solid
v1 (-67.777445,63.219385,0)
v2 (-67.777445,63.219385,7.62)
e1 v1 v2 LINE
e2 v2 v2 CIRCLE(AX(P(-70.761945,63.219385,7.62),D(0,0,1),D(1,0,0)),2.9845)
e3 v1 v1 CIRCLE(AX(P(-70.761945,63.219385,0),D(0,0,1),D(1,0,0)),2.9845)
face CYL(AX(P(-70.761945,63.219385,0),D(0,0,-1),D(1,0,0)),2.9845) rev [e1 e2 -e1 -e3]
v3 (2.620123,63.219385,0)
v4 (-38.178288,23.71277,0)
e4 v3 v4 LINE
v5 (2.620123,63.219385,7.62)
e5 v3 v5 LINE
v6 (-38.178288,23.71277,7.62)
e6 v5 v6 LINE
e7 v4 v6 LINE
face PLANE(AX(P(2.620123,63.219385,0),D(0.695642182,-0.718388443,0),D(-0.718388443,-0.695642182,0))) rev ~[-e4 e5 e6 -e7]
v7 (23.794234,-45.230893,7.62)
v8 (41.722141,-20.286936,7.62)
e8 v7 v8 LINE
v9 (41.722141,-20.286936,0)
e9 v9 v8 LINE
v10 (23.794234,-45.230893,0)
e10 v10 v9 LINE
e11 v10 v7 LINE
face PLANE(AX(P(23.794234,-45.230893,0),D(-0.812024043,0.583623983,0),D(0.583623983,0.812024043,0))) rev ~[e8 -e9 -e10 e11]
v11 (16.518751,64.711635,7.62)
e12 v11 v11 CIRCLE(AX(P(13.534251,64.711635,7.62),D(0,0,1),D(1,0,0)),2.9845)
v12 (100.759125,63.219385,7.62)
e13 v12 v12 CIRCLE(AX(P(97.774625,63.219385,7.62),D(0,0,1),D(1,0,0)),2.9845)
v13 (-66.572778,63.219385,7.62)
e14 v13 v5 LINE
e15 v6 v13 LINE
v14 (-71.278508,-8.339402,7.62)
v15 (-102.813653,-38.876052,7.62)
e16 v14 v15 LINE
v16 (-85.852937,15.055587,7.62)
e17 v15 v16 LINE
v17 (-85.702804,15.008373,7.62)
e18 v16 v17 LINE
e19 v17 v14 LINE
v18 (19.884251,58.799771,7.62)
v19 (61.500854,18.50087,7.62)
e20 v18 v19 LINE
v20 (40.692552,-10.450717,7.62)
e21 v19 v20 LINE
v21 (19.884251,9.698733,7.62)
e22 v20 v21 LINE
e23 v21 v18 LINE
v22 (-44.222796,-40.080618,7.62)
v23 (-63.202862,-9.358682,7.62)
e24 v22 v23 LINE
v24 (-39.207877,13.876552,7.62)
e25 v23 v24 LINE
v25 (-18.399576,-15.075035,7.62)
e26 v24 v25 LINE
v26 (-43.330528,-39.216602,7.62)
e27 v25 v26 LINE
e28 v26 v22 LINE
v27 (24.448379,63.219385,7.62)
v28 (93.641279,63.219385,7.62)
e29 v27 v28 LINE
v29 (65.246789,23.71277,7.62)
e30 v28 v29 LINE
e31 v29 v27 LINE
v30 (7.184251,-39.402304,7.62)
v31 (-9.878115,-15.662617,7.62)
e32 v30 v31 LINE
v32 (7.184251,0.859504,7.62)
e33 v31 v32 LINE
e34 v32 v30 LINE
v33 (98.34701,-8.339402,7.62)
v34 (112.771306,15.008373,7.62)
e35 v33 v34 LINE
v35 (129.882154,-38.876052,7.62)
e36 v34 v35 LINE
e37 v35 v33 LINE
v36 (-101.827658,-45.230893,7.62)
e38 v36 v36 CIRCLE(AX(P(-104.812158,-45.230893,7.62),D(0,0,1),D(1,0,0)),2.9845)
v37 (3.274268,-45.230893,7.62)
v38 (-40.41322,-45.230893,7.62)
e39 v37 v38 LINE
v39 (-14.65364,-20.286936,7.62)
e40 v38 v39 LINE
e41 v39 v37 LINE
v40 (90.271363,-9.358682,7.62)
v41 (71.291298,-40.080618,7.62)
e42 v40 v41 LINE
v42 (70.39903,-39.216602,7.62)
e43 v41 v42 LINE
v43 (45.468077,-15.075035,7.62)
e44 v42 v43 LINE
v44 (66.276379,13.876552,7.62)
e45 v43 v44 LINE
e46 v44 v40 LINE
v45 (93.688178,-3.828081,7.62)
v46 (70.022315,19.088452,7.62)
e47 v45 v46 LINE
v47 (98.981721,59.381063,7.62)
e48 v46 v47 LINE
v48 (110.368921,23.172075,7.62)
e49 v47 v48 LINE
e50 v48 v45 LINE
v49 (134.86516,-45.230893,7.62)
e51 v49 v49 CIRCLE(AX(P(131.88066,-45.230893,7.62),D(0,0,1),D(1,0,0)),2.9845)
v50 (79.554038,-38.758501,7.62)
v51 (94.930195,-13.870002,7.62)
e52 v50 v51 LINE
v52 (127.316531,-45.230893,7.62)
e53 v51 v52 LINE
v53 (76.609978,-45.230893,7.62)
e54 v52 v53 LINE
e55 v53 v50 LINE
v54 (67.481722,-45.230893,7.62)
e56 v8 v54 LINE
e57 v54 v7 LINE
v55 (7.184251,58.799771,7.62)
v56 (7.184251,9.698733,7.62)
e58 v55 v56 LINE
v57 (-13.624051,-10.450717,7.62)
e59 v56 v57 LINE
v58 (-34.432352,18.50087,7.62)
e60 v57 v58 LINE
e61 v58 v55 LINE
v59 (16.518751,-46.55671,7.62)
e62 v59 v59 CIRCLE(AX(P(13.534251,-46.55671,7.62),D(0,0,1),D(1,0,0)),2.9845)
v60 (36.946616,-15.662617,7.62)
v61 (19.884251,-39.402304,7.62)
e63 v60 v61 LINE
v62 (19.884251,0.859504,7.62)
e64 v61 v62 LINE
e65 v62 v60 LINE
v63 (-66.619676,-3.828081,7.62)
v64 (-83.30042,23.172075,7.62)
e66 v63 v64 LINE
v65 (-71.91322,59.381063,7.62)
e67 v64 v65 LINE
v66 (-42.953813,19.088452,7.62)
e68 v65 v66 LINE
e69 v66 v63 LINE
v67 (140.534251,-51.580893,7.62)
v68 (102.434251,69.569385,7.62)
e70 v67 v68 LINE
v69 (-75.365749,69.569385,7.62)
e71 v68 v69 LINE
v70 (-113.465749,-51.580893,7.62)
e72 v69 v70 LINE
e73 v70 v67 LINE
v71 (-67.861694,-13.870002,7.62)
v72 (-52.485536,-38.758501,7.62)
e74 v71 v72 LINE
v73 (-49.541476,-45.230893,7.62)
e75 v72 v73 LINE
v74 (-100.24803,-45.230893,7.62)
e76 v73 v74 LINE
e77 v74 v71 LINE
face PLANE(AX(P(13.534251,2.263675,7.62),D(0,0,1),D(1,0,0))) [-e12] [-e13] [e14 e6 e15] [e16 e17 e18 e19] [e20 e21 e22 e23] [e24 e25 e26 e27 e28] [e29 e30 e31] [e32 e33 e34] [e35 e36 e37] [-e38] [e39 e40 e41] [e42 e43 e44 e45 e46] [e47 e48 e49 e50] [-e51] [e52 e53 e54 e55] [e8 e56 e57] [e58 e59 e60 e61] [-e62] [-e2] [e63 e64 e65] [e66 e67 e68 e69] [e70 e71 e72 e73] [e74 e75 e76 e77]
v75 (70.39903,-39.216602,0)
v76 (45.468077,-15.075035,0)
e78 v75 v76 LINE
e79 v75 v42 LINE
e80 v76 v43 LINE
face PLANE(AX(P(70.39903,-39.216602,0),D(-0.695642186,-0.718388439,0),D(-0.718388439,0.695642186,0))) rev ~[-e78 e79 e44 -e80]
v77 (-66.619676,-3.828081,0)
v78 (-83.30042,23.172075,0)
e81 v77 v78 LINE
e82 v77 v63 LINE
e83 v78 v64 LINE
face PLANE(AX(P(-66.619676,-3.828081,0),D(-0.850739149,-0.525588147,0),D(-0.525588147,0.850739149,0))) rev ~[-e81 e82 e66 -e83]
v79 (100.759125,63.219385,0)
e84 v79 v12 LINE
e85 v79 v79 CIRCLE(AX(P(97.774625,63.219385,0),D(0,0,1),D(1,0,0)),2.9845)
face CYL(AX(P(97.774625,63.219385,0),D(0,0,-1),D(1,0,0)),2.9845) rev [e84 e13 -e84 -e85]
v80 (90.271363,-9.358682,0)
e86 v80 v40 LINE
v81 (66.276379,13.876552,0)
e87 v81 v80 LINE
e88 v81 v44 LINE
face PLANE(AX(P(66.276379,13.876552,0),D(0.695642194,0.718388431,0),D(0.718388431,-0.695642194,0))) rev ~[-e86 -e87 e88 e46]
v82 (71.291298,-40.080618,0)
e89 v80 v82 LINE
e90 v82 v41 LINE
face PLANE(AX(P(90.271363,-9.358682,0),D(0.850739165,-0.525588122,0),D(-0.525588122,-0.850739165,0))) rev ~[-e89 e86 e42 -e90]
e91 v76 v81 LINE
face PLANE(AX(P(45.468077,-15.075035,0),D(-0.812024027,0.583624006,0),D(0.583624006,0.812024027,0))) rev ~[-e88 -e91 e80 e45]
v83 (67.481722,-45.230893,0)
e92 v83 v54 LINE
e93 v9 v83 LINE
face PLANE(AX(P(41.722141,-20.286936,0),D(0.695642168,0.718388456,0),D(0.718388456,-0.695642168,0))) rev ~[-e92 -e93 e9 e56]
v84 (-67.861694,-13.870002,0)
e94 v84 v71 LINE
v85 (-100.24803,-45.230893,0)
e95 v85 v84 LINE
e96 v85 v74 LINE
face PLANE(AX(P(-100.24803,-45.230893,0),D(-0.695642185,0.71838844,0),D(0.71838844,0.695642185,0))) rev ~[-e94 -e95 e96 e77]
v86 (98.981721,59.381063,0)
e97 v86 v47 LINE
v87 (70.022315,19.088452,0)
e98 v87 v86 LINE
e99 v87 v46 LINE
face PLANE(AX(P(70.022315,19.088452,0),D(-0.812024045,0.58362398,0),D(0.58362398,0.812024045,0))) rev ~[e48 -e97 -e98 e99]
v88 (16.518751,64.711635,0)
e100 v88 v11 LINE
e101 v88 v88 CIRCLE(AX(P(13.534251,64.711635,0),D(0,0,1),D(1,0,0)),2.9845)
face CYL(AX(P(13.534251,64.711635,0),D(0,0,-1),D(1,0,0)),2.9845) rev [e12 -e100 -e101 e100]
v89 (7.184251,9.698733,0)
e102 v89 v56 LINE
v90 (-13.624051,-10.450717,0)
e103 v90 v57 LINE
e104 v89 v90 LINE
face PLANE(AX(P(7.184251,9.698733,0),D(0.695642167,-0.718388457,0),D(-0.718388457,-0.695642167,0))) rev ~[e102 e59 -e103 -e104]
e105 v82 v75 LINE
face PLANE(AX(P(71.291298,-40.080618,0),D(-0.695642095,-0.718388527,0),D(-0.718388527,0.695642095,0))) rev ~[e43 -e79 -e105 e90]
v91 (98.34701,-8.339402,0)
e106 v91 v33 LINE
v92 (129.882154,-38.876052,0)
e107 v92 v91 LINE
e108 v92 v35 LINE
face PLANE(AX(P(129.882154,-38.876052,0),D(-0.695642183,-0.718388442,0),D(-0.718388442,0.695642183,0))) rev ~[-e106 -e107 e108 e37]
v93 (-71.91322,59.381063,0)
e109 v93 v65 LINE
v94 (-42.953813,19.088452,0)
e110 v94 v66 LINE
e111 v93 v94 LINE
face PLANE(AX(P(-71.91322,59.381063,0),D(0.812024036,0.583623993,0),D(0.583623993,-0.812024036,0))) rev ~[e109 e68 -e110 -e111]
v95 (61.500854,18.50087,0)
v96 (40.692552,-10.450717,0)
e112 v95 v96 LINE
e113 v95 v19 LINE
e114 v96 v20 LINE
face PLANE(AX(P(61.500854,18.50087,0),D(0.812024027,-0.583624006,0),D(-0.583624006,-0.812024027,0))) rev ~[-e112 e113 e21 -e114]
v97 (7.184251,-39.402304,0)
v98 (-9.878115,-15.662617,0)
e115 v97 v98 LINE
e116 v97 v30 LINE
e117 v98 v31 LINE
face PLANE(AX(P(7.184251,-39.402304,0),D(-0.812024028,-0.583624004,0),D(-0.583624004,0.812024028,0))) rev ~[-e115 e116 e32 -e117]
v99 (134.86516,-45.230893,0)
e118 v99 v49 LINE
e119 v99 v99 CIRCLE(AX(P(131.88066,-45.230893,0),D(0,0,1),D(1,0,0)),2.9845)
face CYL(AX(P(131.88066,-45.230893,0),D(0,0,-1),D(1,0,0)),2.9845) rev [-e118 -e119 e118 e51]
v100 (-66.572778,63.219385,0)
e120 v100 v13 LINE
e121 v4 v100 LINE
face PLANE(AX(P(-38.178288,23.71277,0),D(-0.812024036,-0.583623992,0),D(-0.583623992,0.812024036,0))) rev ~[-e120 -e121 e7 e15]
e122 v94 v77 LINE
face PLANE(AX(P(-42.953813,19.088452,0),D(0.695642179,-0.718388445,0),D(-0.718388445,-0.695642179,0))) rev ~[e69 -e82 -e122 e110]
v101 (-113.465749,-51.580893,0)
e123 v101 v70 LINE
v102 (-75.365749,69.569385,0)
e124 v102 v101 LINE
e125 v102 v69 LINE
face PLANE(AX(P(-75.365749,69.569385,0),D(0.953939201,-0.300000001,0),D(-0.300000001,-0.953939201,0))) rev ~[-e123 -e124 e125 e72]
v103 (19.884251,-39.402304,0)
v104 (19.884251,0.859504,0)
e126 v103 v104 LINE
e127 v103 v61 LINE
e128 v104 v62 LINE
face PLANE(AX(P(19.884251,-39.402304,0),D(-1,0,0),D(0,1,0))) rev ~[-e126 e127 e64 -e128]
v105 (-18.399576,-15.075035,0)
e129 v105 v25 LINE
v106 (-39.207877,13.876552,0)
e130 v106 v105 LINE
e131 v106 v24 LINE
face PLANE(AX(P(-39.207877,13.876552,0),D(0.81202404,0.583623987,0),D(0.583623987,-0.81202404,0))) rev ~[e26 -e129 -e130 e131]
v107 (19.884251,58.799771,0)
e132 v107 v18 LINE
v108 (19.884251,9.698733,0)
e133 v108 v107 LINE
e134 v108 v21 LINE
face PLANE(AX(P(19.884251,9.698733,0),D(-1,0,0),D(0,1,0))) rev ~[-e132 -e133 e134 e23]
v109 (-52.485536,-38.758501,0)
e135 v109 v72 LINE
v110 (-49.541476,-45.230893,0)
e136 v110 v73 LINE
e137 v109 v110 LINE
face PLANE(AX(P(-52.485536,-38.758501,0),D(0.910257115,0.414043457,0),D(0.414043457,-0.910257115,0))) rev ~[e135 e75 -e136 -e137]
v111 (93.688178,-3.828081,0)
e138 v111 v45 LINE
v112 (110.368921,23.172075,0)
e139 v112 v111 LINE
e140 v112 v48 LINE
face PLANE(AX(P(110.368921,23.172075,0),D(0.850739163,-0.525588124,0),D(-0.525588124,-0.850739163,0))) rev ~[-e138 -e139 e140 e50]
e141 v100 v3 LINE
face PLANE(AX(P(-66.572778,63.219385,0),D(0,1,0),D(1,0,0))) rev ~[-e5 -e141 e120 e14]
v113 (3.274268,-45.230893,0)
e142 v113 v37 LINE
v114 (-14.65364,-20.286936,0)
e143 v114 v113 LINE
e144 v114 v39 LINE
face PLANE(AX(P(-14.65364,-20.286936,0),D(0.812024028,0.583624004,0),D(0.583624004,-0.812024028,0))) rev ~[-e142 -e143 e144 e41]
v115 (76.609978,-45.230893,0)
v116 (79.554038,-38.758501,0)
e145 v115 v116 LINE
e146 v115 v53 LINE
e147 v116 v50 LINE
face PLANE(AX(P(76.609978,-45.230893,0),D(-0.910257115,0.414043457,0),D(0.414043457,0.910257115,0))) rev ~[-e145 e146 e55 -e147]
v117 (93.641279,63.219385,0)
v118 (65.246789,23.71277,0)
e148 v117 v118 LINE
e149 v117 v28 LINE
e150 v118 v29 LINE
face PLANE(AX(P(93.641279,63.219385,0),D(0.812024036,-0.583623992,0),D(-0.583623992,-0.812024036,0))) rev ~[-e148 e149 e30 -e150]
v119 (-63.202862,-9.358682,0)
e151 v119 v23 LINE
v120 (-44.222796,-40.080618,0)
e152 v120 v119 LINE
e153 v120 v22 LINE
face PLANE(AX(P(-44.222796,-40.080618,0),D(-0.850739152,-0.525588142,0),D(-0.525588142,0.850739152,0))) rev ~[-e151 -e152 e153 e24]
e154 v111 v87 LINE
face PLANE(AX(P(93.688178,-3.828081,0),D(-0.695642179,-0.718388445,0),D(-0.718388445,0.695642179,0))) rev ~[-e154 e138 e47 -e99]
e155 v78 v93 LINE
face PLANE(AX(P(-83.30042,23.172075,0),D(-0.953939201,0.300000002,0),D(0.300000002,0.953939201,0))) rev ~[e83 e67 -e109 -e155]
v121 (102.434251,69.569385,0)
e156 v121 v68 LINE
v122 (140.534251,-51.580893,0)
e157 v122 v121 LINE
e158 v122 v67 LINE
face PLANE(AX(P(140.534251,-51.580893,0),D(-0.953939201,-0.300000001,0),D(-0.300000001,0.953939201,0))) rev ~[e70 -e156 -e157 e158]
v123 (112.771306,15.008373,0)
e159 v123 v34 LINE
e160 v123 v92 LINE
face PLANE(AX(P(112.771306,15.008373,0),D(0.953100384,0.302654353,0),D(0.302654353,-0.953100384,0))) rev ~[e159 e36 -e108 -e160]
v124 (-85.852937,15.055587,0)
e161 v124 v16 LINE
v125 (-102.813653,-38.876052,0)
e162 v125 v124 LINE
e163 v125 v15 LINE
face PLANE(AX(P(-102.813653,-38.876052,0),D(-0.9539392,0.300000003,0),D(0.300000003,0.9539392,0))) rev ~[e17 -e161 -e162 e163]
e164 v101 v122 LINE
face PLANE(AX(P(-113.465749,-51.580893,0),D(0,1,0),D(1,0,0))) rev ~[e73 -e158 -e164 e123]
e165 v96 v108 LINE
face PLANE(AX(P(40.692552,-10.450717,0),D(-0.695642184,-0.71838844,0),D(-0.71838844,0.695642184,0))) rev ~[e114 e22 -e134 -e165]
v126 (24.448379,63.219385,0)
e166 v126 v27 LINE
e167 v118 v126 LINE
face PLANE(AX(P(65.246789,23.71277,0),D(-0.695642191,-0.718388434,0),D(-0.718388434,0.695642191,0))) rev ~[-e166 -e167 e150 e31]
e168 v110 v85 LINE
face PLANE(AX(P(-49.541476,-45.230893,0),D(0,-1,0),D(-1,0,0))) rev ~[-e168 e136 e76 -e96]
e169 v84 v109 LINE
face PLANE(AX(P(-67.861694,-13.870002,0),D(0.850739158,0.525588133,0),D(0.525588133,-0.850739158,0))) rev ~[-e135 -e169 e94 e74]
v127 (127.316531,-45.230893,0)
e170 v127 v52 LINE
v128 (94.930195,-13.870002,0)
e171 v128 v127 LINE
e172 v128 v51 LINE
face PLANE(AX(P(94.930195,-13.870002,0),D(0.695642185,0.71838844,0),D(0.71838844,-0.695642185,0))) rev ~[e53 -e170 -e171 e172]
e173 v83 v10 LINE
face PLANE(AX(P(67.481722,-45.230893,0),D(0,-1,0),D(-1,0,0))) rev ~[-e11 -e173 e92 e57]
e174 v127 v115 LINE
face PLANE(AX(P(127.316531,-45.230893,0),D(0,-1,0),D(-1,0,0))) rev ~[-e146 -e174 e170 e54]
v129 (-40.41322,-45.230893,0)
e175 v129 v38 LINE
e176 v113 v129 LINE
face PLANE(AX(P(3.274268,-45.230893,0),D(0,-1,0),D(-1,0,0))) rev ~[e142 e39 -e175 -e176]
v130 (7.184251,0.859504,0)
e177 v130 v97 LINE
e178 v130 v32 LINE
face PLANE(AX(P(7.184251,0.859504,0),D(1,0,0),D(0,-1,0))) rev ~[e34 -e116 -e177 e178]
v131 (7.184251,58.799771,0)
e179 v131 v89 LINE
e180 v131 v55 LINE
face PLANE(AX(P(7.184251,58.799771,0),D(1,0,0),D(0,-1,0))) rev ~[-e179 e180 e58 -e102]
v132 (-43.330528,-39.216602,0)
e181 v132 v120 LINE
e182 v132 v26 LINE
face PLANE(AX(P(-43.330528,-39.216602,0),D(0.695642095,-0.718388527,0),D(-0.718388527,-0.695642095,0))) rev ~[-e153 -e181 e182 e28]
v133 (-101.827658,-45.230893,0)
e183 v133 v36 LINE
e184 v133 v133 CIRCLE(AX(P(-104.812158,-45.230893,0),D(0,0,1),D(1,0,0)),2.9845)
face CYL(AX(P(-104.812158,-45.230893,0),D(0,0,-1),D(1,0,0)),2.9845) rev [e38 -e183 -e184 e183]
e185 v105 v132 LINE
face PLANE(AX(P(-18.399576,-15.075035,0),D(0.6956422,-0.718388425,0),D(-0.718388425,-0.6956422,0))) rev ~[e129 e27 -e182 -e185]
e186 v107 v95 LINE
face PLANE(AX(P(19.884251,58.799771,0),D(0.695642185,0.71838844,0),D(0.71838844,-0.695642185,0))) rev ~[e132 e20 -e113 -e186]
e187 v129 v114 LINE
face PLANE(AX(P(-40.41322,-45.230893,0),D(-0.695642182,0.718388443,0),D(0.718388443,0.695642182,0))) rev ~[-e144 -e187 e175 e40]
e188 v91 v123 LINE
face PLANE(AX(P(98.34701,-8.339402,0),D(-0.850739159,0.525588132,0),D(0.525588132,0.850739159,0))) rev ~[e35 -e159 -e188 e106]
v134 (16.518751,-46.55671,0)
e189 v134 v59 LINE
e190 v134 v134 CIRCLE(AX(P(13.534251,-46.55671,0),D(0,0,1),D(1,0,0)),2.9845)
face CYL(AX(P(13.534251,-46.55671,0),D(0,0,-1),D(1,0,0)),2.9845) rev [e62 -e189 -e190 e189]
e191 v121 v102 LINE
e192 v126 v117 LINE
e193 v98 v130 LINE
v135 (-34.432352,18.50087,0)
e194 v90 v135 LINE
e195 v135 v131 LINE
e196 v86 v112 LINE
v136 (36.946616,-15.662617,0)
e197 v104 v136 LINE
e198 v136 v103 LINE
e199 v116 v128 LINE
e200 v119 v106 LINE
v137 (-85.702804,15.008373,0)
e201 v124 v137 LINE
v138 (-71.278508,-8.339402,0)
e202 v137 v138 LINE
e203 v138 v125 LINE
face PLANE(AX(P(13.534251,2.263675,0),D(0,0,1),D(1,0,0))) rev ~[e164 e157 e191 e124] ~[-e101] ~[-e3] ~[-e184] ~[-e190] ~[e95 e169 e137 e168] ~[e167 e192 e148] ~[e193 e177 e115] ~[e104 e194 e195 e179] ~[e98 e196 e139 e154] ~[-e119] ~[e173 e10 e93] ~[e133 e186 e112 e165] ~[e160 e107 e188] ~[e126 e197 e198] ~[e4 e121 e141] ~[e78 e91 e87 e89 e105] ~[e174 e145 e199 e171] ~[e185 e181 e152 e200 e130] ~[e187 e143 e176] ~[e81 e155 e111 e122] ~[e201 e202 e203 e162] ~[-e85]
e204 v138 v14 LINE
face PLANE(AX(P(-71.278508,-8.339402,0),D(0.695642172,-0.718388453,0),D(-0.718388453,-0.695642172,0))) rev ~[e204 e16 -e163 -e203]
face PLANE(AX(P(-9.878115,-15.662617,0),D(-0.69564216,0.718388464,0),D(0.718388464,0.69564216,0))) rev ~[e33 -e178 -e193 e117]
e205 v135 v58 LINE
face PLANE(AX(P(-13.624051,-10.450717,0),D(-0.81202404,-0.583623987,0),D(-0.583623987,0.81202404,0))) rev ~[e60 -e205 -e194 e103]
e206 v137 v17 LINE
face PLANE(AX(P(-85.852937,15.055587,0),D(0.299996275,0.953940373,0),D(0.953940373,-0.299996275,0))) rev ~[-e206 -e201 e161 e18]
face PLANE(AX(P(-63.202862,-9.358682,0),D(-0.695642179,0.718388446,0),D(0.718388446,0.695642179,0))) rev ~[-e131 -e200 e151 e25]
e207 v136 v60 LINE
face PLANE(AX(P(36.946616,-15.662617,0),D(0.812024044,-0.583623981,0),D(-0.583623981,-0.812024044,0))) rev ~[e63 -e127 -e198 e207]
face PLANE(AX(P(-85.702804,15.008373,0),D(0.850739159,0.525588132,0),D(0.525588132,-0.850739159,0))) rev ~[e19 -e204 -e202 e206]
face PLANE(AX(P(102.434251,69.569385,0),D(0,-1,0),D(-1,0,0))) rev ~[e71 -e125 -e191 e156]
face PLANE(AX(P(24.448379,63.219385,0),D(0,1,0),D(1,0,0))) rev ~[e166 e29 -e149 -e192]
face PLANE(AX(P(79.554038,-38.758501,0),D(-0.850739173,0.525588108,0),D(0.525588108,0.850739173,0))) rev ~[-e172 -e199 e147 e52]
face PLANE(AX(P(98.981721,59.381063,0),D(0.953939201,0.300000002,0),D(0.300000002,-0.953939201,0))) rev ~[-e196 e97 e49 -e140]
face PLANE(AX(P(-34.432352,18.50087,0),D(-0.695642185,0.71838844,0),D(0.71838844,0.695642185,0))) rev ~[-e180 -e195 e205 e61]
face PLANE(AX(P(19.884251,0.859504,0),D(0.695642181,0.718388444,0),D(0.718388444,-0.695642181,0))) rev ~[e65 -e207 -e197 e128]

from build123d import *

# Parameters (mm, degrees)
F0_R     = 2.9845
F1_DEPTH = 7.62


with BuildPart() as f1:
    # F0 (on Top) → F1 (new body)
    with BuildSketch(Plane.XY):
        Polygon((-75.365749, 69.569385), (-113.465749, -51.580893), (13.534251, -51.580893), (140.534251, -51.580893), (102.434251, 69.569385), (13.534251, 69.569385), align=None)
        with Locations((-104.812158, -45.230893)):
            Circle(F0_R, mode=Mode.SUBTRACT)
        Polygon((-49.541476, -45.230893), (-100.24803, -45.230893), (-67.861694, -13.870002), (-52.485536, -38.758501), align=None, mode=Mode.SUBTRACT)
        Polygon((3.274268, -45.230893), (-40.41322, -45.230893), (-14.65364, -20.286936), align=None, mode=Mode.SUBTRACT)
        Polygon((-102.813653, -38.876052), (-85.852937, 15.055587), (-85.702804, 15.008373), (-71.278508, -8.339402), align=None, mode=Mode.SUBTRACT)
        Polygon((-63.202862, -9.358682), (-39.207877, 13.876552), (-18.399576, -15.075035), (-43.330528, -39.216602), (-44.222796, -40.080618), align=None, mode=Mode.SUBTRACT)
        Polygon((7.184251, 0.859504), (7.184251, -39.402304), (-9.878115, -15.662617), align=None, mode=Mode.SUBTRACT)
        with Locations((13.534251, -46.55671)):
            Circle(F0_R, mode=Mode.SUBTRACT)
        Polygon((23.794234, -45.230893), (41.722141, -20.286936), (67.481722, -45.230893), align=None, mode=Mode.SUBTRACT)
        with Locations((131.88066, -45.230893)):
            Circle(F0_R, mode=Mode.SUBTRACT)
        Polygon((127.316531, -45.230893), (76.609978, -45.230893), (79.554038, -38.758501), (94.930195, -13.870002), align=None, mode=Mode.SUBTRACT)
        Polygon((19.884251, -39.402304), (19.884251, 0.859504), (36.946616, -15.662617), align=None, mode=Mode.SUBTRACT)
        Polygon((45.468077, -15.075035), (66.276379, 13.876552), (90.271363, -9.358682), (71.291298, -40.080618), (70.39903, -39.216602), align=None, mode=Mode.SUBTRACT)
        Polygon((98.34701, -8.339402), (112.771306, 15.008373), (129.882154, -38.876052), align=None, mode=Mode.SUBTRACT)
        Polygon((-83.30042, 23.172075), (-71.91322, 59.381063), (-42.953813, 19.088452), (-66.619676, -3.828081), align=None, mode=Mode.SUBTRACT)
        Polygon((-34.432352, 18.50087), (7.184251, 58.799771), (7.184251, 9.698733), (-13.624051, -10.450717), align=None, mode=Mode.SUBTRACT)
        with Locations((-70.761945, 63.219385)):
            Circle(F0_R, mode=Mode.SUBTRACT)
        Polygon((-66.572778, 63.219385), (2.620123, 63.219385), (-38.178288, 23.71277), align=None, mode=Mode.SUBTRACT)
        Polygon((19.884251, 9.698733), (19.884251, 58.799771), (61.500854, 18.50087), (40.692552, -10.450717), align=None, mode=Mode.SUBTRACT)
        Polygon((70.022315, 19.088452), (98.981721, 59.381063), (110.368921, 23.172075), (93.688178, -3.828081), align=None, mode=Mode.SUBTRACT)
        Polygon((65.246789, 23.71277), (24.448379, 63.219385), (93.641279, 63.219385), align=None, mode=Mode.SUBTRACT)
        with Locations((13.534251, 64.711635)):
            Circle(F0_R, mode=Mode.SUBTRACT)
        with Locations((97.774625, 63.219385)):
            Circle(F0_R, mode=Mode.SUBTRACT)
    extrude(amount=F1_DEPTH)


solid = f1.part
